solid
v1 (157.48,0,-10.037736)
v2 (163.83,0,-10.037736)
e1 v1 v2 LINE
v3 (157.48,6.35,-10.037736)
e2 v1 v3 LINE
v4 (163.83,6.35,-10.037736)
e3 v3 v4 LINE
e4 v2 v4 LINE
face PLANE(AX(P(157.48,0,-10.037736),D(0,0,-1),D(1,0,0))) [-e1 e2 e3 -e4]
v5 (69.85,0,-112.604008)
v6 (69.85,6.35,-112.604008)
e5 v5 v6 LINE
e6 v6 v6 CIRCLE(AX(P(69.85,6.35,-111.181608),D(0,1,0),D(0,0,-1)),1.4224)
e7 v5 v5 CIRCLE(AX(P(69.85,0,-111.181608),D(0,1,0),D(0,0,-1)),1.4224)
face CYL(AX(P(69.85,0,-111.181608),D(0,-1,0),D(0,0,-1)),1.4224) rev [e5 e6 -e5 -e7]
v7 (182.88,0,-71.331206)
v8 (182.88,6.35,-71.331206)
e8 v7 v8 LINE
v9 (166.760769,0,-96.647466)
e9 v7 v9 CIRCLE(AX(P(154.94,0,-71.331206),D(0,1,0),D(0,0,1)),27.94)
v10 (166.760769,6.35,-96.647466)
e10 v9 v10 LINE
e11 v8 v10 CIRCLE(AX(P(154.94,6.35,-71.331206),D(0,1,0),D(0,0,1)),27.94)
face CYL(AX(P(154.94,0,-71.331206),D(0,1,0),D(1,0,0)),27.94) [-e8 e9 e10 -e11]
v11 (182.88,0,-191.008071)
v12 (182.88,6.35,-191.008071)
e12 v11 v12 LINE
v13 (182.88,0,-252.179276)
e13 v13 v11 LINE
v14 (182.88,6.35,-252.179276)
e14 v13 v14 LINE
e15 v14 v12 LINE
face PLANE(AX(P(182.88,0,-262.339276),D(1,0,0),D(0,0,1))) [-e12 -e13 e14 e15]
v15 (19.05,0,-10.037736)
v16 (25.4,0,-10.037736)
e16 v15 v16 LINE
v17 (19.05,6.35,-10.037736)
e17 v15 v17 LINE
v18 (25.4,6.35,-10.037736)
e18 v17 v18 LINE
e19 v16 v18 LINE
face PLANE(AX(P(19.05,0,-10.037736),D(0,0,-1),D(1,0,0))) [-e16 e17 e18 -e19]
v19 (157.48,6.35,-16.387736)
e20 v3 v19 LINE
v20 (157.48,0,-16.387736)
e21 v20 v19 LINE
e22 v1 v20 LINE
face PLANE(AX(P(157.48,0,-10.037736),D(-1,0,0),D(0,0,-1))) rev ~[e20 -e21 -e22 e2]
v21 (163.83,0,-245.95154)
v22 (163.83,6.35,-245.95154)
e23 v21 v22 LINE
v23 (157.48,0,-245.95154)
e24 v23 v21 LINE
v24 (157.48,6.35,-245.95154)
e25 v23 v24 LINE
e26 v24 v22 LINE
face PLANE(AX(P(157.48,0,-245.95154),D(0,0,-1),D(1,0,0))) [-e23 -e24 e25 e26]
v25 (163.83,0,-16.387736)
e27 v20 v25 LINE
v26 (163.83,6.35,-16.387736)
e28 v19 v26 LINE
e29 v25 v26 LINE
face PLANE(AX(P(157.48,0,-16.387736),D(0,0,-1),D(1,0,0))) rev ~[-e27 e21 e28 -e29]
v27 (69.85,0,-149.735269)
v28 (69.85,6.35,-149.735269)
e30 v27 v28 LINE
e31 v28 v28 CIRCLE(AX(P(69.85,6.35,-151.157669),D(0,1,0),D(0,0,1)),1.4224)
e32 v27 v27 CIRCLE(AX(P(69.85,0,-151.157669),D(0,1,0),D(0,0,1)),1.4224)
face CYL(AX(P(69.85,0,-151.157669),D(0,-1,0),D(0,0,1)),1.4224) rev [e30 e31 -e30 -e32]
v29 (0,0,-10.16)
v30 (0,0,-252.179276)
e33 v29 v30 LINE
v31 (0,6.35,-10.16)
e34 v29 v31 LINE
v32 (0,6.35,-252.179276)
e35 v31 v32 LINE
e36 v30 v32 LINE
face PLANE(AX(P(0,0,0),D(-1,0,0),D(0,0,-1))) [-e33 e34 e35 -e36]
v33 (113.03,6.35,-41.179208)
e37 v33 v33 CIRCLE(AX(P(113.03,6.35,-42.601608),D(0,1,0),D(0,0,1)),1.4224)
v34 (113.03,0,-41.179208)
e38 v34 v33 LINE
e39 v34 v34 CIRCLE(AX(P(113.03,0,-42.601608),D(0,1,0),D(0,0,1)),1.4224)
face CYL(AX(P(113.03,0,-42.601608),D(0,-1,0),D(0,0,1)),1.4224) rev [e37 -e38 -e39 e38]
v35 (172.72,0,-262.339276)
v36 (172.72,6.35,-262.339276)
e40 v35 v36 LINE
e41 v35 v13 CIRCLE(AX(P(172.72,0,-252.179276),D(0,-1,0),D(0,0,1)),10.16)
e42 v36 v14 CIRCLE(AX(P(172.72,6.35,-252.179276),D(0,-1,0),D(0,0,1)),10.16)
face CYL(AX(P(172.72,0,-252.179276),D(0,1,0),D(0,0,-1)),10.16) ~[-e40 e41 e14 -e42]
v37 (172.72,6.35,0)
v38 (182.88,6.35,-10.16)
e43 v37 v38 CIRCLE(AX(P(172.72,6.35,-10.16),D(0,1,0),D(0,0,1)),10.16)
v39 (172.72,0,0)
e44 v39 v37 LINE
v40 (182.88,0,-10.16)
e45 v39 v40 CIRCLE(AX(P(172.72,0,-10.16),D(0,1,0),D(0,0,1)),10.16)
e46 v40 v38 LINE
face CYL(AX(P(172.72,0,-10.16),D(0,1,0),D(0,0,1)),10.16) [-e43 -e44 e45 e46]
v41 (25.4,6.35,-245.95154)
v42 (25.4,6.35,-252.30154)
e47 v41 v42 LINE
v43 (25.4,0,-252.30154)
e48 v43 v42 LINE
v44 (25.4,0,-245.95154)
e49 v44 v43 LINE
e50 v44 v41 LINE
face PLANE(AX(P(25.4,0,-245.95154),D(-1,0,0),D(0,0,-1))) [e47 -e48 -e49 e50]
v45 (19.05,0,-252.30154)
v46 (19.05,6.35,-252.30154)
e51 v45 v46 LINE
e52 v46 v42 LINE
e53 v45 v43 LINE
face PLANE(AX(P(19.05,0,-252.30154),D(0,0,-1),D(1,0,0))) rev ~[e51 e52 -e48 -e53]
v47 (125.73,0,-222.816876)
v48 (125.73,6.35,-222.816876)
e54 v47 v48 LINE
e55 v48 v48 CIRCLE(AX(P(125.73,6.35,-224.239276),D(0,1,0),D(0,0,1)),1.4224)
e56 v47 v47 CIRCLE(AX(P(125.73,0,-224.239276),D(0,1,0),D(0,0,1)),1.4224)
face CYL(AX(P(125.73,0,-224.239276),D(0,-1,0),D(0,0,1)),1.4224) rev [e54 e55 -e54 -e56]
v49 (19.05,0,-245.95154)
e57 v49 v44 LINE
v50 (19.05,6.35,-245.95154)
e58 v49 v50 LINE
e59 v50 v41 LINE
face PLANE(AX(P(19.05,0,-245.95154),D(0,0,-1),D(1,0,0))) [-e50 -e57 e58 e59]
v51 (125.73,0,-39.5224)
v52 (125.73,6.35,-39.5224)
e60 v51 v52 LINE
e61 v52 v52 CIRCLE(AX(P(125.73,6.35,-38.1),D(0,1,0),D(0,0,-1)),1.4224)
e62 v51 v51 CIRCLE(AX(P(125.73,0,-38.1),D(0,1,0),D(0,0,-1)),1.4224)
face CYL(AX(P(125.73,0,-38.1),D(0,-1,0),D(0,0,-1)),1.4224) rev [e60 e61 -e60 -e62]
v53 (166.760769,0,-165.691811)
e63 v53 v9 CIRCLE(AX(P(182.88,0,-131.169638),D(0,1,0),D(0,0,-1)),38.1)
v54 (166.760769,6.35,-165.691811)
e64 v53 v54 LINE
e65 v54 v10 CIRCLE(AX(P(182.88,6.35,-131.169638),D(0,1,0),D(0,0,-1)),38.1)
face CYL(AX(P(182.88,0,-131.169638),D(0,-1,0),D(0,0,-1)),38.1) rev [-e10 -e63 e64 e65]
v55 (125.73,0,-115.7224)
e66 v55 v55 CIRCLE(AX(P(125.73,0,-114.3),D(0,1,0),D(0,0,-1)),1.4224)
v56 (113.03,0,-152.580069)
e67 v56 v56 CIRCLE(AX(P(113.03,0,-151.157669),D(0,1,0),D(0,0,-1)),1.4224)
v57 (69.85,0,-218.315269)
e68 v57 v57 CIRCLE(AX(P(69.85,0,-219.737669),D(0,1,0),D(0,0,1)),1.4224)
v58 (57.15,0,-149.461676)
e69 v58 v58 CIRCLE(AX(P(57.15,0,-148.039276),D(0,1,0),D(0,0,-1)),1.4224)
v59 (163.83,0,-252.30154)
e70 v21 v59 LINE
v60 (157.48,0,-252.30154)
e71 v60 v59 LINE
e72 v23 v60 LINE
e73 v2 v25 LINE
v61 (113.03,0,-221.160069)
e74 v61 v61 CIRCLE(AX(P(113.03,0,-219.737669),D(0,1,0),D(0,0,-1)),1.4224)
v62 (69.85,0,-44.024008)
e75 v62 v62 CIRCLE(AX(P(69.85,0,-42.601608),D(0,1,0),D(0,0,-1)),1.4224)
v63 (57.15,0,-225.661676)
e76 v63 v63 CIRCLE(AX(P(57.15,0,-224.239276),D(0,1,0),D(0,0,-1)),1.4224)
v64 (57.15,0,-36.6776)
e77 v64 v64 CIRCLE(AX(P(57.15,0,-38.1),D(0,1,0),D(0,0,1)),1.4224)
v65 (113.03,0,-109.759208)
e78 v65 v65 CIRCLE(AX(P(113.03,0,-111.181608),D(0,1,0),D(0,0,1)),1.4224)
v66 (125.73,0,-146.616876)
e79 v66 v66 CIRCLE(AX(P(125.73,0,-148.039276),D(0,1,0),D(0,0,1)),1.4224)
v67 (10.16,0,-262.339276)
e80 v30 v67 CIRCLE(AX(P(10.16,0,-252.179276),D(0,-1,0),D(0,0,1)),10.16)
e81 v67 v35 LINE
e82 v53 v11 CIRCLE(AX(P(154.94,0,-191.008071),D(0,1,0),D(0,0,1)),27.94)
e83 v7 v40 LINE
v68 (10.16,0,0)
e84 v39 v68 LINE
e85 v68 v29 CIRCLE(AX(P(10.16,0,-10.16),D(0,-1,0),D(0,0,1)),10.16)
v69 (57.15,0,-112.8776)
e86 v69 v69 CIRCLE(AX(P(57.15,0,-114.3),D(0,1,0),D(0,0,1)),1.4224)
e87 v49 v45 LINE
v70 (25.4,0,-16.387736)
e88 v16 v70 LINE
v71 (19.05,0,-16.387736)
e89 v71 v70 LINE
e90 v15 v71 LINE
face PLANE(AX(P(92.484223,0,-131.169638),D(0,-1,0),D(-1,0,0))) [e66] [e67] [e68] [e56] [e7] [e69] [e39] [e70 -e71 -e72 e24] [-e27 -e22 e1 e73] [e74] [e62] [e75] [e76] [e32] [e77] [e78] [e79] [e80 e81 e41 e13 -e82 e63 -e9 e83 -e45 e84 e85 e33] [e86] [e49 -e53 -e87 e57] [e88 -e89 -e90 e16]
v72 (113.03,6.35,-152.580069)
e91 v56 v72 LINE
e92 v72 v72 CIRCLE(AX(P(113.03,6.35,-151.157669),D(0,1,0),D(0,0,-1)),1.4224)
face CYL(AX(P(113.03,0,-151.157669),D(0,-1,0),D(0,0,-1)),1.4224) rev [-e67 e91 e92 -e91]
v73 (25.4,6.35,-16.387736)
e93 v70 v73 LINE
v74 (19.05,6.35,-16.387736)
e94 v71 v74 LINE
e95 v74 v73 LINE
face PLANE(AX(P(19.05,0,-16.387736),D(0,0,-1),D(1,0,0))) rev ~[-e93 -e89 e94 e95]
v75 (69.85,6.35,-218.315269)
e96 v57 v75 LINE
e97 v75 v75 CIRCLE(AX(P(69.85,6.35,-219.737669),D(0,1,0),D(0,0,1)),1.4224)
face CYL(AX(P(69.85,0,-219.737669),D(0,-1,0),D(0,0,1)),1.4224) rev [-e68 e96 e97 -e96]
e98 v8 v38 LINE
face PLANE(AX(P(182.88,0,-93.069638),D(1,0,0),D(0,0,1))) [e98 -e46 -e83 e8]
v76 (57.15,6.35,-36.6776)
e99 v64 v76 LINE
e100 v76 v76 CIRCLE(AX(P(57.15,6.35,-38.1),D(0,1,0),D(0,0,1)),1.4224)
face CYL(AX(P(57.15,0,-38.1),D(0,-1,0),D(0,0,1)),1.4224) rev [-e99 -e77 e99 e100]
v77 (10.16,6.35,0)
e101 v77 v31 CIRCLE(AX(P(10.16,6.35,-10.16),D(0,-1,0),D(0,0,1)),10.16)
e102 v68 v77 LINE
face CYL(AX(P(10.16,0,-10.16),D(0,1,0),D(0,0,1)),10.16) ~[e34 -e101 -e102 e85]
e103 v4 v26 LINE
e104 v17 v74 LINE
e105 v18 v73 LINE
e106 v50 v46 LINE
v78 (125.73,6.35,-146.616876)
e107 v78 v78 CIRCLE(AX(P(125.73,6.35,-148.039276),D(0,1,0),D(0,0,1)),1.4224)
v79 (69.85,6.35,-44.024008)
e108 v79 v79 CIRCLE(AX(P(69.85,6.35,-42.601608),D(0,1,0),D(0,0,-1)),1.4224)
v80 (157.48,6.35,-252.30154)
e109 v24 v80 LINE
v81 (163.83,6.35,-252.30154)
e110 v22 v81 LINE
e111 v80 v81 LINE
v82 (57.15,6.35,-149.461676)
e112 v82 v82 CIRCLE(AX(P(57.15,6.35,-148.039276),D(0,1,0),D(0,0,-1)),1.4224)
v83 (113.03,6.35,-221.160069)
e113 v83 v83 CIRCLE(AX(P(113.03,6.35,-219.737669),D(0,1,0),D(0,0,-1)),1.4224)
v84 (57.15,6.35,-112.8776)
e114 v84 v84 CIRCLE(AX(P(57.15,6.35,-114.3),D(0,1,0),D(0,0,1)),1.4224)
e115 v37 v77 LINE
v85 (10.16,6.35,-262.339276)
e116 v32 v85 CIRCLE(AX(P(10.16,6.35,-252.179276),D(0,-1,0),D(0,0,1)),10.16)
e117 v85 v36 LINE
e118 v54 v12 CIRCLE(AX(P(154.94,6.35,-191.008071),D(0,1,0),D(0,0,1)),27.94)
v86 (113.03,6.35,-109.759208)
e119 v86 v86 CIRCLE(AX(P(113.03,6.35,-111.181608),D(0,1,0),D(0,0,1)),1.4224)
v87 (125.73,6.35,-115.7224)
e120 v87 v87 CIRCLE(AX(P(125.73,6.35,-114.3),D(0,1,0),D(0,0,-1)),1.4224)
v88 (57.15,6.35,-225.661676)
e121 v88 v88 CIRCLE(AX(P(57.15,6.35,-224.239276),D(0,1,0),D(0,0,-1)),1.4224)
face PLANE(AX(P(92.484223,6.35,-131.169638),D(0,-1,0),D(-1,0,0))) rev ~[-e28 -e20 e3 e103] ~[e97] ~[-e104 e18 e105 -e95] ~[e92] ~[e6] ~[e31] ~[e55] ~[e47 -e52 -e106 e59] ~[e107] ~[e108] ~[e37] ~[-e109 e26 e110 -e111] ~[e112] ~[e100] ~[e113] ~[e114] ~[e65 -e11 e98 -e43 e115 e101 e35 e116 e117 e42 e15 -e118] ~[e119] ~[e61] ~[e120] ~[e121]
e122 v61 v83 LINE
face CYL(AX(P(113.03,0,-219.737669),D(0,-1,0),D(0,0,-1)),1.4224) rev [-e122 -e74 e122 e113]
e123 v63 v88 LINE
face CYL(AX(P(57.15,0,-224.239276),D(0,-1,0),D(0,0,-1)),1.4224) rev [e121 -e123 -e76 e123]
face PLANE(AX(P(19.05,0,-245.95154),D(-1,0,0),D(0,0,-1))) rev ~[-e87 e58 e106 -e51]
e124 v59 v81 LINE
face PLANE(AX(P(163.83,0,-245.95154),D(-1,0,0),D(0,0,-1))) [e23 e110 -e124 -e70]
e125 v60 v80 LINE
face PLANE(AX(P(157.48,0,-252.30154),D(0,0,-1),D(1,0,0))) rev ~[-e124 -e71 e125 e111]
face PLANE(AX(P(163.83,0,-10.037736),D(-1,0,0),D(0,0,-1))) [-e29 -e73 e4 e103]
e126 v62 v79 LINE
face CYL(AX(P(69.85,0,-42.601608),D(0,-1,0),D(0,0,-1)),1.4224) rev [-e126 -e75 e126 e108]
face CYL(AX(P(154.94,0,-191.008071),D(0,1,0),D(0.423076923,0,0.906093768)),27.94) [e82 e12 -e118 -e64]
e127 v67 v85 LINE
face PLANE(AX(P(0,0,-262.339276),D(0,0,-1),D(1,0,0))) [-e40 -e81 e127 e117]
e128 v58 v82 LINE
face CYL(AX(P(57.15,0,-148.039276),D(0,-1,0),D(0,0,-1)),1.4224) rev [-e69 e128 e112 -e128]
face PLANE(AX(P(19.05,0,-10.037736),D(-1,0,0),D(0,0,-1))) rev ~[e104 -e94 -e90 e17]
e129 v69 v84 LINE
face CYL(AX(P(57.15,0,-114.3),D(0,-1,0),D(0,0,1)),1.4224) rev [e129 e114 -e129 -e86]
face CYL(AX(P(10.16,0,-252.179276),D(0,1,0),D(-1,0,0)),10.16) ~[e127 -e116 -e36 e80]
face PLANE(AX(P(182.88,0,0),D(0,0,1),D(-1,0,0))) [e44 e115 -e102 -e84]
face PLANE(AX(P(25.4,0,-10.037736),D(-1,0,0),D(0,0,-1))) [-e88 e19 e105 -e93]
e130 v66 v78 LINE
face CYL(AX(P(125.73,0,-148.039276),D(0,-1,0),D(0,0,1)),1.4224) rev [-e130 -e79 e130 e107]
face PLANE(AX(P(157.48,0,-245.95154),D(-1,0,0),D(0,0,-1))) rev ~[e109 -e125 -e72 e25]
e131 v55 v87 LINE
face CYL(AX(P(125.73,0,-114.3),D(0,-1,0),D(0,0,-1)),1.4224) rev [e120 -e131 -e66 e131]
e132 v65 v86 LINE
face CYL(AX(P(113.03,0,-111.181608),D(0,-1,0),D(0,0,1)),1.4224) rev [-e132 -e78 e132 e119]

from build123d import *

# Parameters (mm, degrees)
SKETCH3_R           = 1.4224
SKETCH3_W           = 6.35
SKETCH3_H           = 6.35
BOSS_EXTRUDE1_DEPTH = 6.35
FILLET1_R           = 10.16
FILLET2_R           = 27.94


with BuildPart() as part:
    # Sketch3 → Boss-Extrude1 (new body)
    with BuildSketch(Plane(origin=(0, 0, 0), x_dir=(1, 0, 0), z_dir=(0, 1, 0))):
        with BuildLine():
            Line((182.88, 0), (0, 0))
            Line((0, 0), (0, 262.339276313))
            Line((0, 262.339276313), (182.88, 262.339276313))
            Line((182.88, 262.339276313), (182.88, 169.269638157))
            ThreePointArc((182.88, 169.269638157), (144.78, 131.169638157), (182.88, 93.069638157))
            Line((182.88, 93.069638157), (182.88, 0))
        make_face()
        with Locations(Location((57.15, 38.1, 0), (0, 0, 270))):
            Circle(SKETCH3_R, mode=Mode.SUBTRACT)
        with Locations(Location((57.15, 114.3, 0), (0, 0, 270))):
            Circle(SKETCH3_R, mode=Mode.SUBTRACT)
        with Locations(Location((125.73, 114.3, 0), (0, 0, 90))):
            Circle(SKETCH3_R, mode=Mode.SUBTRACT)
        with Locations(Location((125.73, 38.1, 0), (0, 0, 90))):
            Circle(SKETCH3_R, mode=Mode.SUBTRACT)
        with Locations(Location((69.85, 151.157668748, 0), (0, 0, 270))):
            Circle(SKETCH3_R, mode=Mode.SUBTRACT)
        with Locations(Location((69.85, 219.737668748, 0), (0, 0, 270))):
            Circle(SKETCH3_R, mode=Mode.SUBTRACT)
        with Locations(Location((113.03, 151.157668748, 0), (0, 0, 90))):
            Circle(SKETCH3_R, mode=Mode.SUBTRACT)
        with Locations(Location((113.03, 219.737668748, 0), (0, 0, 90))):
            Circle(SKETCH3_R, mode=Mode.SUBTRACT)
        with Locations(Location((113.03, 42.601607565, 0), (0, 0, 270))):
            Circle(SKETCH3_R, mode=Mode.SUBTRACT)
        with Locations(Location((113.03, 111.181607565, 0), (0, 0, 270))):
            Circle(SKETCH3_R, mode=Mode.SUBTRACT)
        with Locations(Location((69.85, 111.181607565, 0), (0, 0, 90))):
            Circle(SKETCH3_R, mode=Mode.SUBTRACT)
        with Locations(Location((69.85, 42.601607565, 0), (0, 0, 90))):
            Circle(SKETCH3_R, mode=Mode.SUBTRACT)
        with Locations(Location((125.73, 148.039276313, 0), (0, 0, 270))):
            Circle(SKETCH3_R, mode=Mode.SUBTRACT)
        with Locations(Location((125.73, 224.239276313, 0), (0, 0, 270))):
            Circle(SKETCH3_R, mode=Mode.SUBTRACT)
        with Locations(Location((57.15, 224.239276313, 0), (0, 0, 90))):
            Circle(SKETCH3_R, mode=Mode.SUBTRACT)
        with Locations(Location((57.15, 148.039276313, 0), (0, 0, 90))):
            Circle(SKETCH3_R, mode=Mode.SUBTRACT)
        with Locations((22.225, 13.212735966)):
            Rectangle(SKETCH3_W, SKETCH3_H, mode=Mode.SUBTRACT)
        with Locations((160.655, 13.212735966)):
            Rectangle(SKETCH3_W, SKETCH3_H, mode=Mode.SUBTRACT)
        with Locations((160.655, 249.126540348)):
            Rectangle(SKETCH3_W, SKETCH3_H, mode=Mode.SUBTRACT)
        with Locations((22.225, 249.126540348)):
            Rectangle(SKETCH3_W, SKETCH3_H, mode=Mode.SUBTRACT)
    extrude(amount=BOSS_EXTRUDE1_DEPTH)

    # Fillet1
    fillet1_edges = [part.edges().sort_by_distance(p)[0] for p in [
        (0, 3.175, -262.339276313),
        (182.88, 3.175, -262.339276313),
        (182.88, 3.175, 0),
        (0, 3.175, 0),
    ]]
    fillet(fillet1_edges, radius=FILLET1_R)

    # Fillet2
    fillet2_edges = [part.edges().sort_by_distance(p)[0] for p in [
        (182.88, 3.175, -169.269638157),
        (182.88, 3.175, -93.069638157),
    ]]
    fillet(fillet2_edges, radius=FILLET2_R)


solid = part.part
